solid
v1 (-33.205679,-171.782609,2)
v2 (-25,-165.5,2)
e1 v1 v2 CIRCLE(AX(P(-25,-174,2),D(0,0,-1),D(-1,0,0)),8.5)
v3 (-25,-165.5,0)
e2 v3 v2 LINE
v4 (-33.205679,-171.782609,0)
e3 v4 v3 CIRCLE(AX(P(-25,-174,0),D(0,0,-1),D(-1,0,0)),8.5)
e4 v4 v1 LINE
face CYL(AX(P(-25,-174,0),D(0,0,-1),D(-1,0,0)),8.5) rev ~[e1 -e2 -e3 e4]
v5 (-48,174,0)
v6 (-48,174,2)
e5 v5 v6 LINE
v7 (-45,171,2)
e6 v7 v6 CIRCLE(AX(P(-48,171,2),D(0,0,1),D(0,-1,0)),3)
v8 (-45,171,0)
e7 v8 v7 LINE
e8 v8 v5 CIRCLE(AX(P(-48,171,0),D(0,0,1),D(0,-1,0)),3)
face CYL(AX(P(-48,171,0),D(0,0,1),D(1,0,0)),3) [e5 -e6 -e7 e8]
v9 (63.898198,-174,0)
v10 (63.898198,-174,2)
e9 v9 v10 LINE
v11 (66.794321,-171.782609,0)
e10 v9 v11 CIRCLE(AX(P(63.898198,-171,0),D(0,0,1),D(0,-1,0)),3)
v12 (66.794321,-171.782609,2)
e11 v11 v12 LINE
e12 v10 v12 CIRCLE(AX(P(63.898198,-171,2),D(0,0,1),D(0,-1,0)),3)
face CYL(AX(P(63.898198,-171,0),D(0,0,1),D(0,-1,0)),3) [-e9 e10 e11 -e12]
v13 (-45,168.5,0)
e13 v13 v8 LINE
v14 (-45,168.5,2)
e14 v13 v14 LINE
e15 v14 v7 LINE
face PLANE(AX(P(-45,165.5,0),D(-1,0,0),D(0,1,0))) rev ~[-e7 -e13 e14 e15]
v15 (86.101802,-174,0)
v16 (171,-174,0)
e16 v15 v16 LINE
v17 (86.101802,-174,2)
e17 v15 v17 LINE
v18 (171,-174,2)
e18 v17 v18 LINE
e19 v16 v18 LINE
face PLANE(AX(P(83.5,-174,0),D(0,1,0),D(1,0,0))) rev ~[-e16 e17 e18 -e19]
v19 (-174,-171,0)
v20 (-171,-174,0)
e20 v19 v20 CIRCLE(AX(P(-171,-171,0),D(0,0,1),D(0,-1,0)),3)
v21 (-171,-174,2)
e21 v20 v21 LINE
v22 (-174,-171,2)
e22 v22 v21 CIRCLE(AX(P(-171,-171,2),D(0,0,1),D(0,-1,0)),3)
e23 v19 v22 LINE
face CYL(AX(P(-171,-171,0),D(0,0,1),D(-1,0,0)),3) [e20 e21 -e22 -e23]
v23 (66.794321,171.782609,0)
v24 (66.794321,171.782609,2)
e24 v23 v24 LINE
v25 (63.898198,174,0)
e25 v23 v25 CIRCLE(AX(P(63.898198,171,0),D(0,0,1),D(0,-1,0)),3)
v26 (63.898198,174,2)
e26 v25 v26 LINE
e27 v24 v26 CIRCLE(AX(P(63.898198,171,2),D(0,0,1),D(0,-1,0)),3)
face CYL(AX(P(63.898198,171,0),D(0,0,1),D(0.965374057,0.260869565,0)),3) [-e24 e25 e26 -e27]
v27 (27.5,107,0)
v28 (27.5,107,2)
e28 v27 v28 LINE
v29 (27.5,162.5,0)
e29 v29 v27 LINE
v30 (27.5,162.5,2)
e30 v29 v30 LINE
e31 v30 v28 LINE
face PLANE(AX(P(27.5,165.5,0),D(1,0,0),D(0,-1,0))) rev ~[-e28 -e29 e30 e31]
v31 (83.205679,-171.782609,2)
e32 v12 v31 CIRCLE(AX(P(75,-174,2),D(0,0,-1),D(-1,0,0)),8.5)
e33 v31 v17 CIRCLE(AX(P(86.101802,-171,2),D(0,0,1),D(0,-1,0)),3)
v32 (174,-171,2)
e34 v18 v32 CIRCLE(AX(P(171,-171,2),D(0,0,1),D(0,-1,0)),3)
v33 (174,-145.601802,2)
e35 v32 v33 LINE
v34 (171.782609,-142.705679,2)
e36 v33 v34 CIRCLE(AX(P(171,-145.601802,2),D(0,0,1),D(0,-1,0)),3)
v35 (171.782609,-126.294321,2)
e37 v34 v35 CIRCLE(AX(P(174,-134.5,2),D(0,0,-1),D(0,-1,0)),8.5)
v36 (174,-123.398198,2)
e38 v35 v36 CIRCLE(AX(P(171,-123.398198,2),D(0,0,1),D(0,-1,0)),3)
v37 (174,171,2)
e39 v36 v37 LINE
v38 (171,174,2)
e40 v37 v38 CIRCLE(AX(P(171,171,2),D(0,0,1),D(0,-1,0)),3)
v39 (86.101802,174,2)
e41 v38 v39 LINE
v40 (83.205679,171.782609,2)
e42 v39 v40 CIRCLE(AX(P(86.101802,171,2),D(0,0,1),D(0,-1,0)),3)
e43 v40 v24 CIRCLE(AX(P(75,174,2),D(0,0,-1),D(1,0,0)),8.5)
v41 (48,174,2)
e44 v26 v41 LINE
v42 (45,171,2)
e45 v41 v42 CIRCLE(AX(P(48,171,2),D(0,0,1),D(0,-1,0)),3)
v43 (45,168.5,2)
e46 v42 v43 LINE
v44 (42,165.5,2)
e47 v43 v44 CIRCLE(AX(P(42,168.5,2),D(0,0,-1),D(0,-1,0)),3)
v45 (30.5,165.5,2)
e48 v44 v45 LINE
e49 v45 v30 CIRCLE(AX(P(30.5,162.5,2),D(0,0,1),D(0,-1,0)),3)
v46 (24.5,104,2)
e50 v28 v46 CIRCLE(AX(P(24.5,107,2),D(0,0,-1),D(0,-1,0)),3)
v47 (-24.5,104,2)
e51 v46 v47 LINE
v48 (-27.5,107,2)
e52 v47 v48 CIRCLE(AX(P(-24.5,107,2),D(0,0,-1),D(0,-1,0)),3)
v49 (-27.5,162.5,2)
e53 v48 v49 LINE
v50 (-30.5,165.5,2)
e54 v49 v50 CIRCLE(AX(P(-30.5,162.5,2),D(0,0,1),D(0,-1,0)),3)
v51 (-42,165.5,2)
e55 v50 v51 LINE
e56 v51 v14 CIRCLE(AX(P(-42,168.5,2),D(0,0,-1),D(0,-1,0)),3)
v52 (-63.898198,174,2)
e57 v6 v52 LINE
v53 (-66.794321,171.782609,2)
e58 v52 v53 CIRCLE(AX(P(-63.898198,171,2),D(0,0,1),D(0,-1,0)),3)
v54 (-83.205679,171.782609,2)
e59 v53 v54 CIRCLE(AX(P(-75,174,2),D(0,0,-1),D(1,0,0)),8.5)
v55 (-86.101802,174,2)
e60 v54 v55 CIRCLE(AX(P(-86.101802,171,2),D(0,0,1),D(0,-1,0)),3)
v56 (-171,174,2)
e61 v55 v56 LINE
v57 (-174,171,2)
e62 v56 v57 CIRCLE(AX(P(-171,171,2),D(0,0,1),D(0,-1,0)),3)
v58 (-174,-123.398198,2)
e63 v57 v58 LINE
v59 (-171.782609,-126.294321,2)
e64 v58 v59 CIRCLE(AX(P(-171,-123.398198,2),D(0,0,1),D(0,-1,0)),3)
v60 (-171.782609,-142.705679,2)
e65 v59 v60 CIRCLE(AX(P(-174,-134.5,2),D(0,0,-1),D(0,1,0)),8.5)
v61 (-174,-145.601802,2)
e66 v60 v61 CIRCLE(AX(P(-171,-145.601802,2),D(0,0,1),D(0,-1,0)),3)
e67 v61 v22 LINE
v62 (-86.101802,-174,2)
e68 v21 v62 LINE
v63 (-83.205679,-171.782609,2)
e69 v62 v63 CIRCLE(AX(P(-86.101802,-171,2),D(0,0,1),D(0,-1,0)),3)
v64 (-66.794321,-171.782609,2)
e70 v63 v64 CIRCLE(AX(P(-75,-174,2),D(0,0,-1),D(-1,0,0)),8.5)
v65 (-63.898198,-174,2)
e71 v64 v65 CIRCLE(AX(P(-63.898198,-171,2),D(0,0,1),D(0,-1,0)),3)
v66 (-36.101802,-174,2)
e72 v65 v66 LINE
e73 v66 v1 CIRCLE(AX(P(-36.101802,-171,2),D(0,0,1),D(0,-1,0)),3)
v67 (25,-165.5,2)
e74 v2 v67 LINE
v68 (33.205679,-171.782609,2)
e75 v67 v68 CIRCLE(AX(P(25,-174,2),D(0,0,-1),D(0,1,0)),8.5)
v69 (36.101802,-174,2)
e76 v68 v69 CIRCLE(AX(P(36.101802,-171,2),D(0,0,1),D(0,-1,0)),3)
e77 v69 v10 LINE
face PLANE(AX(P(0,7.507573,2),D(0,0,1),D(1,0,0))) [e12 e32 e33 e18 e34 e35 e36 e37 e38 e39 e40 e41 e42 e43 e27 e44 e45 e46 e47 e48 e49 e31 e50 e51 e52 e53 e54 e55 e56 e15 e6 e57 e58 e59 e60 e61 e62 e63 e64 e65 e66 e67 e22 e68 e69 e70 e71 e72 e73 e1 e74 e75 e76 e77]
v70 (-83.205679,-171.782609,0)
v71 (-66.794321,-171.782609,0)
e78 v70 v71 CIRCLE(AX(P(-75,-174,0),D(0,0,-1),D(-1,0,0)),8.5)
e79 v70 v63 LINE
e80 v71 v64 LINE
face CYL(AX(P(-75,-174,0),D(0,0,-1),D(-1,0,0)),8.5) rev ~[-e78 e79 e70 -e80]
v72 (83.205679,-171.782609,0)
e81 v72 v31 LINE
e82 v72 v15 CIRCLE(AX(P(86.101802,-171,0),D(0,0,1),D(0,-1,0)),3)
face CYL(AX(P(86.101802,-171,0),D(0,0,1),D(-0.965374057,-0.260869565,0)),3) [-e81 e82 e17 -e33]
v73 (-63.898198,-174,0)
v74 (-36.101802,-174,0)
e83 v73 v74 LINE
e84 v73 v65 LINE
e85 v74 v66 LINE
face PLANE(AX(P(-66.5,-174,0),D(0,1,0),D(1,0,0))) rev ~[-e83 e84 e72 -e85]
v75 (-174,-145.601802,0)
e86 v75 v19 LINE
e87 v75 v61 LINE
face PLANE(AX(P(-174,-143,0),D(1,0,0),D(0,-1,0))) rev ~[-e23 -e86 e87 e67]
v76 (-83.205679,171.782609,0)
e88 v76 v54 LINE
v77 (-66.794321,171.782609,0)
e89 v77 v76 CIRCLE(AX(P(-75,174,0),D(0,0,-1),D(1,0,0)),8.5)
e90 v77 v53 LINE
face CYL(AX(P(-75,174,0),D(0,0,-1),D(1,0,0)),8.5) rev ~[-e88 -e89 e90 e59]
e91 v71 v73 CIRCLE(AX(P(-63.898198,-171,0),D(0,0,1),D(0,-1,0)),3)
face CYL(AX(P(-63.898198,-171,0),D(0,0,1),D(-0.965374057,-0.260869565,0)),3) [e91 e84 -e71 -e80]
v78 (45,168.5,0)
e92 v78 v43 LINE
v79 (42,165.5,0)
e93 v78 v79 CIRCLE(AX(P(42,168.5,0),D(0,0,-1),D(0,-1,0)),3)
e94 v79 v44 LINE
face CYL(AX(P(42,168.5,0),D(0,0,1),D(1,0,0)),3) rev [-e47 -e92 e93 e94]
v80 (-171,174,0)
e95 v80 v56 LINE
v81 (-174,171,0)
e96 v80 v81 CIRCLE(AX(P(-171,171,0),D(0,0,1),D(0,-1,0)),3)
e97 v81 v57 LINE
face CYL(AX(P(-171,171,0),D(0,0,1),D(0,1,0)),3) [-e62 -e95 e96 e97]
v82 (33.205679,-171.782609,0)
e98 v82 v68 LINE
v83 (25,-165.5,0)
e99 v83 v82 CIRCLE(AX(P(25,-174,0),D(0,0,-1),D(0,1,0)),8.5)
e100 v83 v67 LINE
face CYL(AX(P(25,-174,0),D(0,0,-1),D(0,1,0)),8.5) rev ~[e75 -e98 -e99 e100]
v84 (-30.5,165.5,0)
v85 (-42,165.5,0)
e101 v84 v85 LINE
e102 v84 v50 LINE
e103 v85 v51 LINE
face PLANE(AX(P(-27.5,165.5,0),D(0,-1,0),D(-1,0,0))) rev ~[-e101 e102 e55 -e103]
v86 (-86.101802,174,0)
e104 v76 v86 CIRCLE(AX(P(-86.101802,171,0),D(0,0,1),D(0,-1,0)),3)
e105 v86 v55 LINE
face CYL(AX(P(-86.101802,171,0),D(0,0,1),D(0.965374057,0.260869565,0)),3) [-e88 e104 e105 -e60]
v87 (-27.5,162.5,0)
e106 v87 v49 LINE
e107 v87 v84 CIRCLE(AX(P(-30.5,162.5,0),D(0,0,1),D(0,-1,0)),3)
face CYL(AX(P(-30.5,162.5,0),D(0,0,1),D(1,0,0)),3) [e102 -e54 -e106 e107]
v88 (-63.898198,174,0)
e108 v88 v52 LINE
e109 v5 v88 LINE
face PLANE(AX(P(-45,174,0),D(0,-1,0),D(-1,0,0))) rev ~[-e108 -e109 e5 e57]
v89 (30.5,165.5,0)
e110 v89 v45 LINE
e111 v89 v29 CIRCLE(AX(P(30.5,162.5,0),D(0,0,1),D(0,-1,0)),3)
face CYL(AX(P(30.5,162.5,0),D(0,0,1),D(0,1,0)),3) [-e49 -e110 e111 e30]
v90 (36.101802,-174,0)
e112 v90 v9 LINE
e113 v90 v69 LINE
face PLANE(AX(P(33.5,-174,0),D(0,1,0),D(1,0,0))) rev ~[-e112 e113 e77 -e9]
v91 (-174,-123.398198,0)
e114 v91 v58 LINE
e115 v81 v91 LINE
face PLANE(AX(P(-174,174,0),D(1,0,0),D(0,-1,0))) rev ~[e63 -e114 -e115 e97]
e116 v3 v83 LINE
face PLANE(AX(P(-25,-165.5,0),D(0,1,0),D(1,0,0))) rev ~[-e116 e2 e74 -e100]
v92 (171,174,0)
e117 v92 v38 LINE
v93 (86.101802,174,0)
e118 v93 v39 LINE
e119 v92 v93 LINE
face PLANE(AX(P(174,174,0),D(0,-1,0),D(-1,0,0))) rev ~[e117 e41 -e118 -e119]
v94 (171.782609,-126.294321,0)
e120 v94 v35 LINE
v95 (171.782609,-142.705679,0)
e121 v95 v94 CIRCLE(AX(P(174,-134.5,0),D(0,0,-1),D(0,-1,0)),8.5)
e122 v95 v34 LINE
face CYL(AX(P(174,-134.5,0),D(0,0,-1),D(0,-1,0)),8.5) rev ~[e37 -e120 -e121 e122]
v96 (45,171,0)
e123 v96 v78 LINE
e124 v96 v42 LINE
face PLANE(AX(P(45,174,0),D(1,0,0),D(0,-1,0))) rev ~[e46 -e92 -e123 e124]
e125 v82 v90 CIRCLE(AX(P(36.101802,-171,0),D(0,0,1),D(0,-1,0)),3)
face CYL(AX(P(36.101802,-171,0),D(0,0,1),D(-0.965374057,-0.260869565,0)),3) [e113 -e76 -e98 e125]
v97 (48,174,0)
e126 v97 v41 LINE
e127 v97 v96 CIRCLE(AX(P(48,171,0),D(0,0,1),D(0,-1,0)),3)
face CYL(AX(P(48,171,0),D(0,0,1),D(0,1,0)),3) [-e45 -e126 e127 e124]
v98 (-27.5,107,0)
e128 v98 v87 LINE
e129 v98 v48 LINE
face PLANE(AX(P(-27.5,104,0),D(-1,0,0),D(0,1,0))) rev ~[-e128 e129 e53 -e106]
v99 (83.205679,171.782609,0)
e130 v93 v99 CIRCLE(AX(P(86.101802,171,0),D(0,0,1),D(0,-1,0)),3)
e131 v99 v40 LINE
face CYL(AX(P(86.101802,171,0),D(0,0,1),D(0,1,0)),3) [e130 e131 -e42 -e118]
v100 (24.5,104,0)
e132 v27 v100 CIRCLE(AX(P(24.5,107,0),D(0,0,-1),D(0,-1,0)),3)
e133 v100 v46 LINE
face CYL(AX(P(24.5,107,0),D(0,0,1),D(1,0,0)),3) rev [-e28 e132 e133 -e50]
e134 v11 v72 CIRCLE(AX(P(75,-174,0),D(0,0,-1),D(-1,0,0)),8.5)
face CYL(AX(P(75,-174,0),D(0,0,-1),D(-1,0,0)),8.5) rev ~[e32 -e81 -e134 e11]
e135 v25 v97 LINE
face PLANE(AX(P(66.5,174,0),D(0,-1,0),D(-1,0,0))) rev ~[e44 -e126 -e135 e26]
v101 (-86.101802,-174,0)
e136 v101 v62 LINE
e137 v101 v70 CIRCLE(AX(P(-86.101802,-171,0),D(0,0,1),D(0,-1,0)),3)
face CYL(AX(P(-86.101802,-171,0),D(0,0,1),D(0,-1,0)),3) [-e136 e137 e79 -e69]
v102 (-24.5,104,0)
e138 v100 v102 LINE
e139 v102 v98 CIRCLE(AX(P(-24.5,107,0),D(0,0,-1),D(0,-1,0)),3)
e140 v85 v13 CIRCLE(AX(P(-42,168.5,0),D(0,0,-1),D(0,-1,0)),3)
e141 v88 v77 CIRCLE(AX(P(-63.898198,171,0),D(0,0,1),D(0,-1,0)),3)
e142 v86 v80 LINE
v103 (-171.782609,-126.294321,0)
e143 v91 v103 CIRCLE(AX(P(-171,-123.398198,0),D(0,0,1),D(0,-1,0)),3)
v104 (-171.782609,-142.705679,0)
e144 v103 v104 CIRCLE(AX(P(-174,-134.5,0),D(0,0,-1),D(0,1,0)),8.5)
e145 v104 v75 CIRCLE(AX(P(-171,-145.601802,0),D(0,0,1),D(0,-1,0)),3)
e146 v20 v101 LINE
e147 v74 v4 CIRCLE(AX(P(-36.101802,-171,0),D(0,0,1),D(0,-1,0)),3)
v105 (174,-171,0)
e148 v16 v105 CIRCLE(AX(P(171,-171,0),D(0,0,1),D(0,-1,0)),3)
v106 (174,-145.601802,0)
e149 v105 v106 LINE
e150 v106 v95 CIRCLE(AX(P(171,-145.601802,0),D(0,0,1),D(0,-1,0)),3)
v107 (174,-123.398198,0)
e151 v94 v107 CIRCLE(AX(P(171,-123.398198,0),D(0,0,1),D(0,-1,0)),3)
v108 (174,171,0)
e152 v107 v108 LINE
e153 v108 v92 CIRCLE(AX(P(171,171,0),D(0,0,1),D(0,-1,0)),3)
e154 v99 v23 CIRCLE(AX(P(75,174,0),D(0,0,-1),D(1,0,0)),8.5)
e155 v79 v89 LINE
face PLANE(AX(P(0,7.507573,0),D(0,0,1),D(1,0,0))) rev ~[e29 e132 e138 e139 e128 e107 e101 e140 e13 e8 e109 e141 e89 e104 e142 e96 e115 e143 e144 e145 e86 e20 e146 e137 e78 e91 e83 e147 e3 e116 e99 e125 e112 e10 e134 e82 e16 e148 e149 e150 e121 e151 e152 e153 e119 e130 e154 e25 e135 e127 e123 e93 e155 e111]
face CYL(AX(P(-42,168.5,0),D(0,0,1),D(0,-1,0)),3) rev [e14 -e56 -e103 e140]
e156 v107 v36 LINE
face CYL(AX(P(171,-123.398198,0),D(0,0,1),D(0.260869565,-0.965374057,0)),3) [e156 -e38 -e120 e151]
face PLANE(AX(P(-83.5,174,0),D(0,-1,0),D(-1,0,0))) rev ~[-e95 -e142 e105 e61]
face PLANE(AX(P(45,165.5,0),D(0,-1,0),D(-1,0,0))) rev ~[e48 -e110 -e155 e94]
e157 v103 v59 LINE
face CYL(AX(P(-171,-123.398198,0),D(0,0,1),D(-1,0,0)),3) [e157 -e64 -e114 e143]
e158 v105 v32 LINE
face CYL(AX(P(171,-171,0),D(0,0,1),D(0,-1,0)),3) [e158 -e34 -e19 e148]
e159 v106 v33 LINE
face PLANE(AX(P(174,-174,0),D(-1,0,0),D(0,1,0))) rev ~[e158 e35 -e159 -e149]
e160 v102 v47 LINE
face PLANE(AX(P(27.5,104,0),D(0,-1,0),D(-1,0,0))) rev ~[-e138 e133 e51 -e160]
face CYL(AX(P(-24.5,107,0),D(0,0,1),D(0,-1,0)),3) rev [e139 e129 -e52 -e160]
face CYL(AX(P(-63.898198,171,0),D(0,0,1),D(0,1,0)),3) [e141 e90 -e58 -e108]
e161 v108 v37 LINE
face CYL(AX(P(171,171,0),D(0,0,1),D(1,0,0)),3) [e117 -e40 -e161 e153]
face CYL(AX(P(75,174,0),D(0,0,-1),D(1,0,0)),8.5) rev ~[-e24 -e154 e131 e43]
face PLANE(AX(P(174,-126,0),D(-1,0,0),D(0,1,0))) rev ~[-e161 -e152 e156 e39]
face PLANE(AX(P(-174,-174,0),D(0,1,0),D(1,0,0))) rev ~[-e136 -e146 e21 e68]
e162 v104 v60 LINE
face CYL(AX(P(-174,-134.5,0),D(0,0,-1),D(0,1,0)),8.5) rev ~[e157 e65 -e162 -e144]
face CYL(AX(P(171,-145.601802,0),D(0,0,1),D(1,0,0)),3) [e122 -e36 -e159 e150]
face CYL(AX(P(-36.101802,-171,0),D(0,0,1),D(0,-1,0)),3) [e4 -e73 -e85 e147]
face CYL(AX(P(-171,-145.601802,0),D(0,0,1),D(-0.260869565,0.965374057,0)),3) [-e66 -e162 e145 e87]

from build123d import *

# Parameters (mm, degrees)
BOSS_EXTRUDE1_DEPTH = 2
FILLET1_R           = 3


with BuildPart() as part:
    # Sketch2 → Boss-Extrude1 (new body)
    with BuildSketch(Plane.XY):
        with BuildLine():
            Line((-25, -165.5), (25, -165.5))
            ThreePointArc((25, -165.5), (31.01040764, -167.98959236), (33.5, -174))
            Line((33.5, -174), (66.5, -174))
            ThreePointArc((66.5, -174), (75, -165.5), (83.5, -174))
            Line((83.5, -174), (174, -174))
            Line((174, -174), (174, -143))
            ThreePointArc((174, -143), (165.5, -134.5), (174, -126))
            Line((174, -126), (174, 174))
            Line((174, 174), (83.5, 174))
            ThreePointArc((83.5, 174), (75, 165.5), (66.5, 174))
            Line((66.5, 174), (45, 174))
            Line((45, 174), (45, 165.5))
            Line((45, 165.5), (27.5, 165.5))
            Line((27.5, 165.5), (27.5, 104))
            Line((27.5, 104), (-27.5, 104))
            Line((-27.5, 104), (-27.5, 165.5))
            Line((-27.5, 165.5), (-45, 165.5))
            Line((-45, 165.5), (-45, 174))
            Line((-45, 174), (-66.5, 174))
            ThreePointArc((-66.5, 174), (-75, 165.5), (-83.5, 174))
            Line((-83.5, 174), (-174, 174))
            Line((-174, 174), (-174, -126))
            ThreePointArc((-174, -126), (-165.5, -134.5), (-174, -143))
            Line((-174, -143), (-174, -174))
            Line((-174, -174), (-83.5, -174))
            ThreePointArc((-83.5, -174), (-75, -165.5), (-66.5, -174))
            Line((-66.5, -174), (-33.5, -174))
            ThreePointArc((-33.5, -174), (-31.01040764, -167.98959236), (-25, -165.5))
        make_face()
    extrude(amount=BOSS_EXTRUDE1_DEPTH)

    # Fillet1
    fillet1_edges = [part.edges().sort_by_distance(p)[0] for p in [
        (174, -174, 1),
        (83.5, -174, 1),
        (66.5, -174, 1),
        (33.5, -174, 1),
        (-33.5, -174, 1),
        (-66.5, -174, 1),
        (-83.5, -174, 1),
        (-174, -174, 1),
        (-174, -143, 1),
        (-174, -126, 1),
        (-174, 174, 1),
        (-83.5, 174, 1),
        (-66.5, 174, 1),
        (-45, 174, 1),
        (-45, 165.5, 1),
        (-27.5, 165.5, 1),
        (-27.5, 104, 1),
        (27.5, 104, 1),
        (27.5, 165.5, 1),
        (45, 165.5, 1),
        (45, 174, 1),
        (66.5, 174, 1),
        (83.5, 174, 1),
        (174, 174, 1),
        (174, -126, 1),
        (174, -143, 1),
    ]]
    fillet(fillet1_edges, radius=FILLET1_R)


solid = part.part
